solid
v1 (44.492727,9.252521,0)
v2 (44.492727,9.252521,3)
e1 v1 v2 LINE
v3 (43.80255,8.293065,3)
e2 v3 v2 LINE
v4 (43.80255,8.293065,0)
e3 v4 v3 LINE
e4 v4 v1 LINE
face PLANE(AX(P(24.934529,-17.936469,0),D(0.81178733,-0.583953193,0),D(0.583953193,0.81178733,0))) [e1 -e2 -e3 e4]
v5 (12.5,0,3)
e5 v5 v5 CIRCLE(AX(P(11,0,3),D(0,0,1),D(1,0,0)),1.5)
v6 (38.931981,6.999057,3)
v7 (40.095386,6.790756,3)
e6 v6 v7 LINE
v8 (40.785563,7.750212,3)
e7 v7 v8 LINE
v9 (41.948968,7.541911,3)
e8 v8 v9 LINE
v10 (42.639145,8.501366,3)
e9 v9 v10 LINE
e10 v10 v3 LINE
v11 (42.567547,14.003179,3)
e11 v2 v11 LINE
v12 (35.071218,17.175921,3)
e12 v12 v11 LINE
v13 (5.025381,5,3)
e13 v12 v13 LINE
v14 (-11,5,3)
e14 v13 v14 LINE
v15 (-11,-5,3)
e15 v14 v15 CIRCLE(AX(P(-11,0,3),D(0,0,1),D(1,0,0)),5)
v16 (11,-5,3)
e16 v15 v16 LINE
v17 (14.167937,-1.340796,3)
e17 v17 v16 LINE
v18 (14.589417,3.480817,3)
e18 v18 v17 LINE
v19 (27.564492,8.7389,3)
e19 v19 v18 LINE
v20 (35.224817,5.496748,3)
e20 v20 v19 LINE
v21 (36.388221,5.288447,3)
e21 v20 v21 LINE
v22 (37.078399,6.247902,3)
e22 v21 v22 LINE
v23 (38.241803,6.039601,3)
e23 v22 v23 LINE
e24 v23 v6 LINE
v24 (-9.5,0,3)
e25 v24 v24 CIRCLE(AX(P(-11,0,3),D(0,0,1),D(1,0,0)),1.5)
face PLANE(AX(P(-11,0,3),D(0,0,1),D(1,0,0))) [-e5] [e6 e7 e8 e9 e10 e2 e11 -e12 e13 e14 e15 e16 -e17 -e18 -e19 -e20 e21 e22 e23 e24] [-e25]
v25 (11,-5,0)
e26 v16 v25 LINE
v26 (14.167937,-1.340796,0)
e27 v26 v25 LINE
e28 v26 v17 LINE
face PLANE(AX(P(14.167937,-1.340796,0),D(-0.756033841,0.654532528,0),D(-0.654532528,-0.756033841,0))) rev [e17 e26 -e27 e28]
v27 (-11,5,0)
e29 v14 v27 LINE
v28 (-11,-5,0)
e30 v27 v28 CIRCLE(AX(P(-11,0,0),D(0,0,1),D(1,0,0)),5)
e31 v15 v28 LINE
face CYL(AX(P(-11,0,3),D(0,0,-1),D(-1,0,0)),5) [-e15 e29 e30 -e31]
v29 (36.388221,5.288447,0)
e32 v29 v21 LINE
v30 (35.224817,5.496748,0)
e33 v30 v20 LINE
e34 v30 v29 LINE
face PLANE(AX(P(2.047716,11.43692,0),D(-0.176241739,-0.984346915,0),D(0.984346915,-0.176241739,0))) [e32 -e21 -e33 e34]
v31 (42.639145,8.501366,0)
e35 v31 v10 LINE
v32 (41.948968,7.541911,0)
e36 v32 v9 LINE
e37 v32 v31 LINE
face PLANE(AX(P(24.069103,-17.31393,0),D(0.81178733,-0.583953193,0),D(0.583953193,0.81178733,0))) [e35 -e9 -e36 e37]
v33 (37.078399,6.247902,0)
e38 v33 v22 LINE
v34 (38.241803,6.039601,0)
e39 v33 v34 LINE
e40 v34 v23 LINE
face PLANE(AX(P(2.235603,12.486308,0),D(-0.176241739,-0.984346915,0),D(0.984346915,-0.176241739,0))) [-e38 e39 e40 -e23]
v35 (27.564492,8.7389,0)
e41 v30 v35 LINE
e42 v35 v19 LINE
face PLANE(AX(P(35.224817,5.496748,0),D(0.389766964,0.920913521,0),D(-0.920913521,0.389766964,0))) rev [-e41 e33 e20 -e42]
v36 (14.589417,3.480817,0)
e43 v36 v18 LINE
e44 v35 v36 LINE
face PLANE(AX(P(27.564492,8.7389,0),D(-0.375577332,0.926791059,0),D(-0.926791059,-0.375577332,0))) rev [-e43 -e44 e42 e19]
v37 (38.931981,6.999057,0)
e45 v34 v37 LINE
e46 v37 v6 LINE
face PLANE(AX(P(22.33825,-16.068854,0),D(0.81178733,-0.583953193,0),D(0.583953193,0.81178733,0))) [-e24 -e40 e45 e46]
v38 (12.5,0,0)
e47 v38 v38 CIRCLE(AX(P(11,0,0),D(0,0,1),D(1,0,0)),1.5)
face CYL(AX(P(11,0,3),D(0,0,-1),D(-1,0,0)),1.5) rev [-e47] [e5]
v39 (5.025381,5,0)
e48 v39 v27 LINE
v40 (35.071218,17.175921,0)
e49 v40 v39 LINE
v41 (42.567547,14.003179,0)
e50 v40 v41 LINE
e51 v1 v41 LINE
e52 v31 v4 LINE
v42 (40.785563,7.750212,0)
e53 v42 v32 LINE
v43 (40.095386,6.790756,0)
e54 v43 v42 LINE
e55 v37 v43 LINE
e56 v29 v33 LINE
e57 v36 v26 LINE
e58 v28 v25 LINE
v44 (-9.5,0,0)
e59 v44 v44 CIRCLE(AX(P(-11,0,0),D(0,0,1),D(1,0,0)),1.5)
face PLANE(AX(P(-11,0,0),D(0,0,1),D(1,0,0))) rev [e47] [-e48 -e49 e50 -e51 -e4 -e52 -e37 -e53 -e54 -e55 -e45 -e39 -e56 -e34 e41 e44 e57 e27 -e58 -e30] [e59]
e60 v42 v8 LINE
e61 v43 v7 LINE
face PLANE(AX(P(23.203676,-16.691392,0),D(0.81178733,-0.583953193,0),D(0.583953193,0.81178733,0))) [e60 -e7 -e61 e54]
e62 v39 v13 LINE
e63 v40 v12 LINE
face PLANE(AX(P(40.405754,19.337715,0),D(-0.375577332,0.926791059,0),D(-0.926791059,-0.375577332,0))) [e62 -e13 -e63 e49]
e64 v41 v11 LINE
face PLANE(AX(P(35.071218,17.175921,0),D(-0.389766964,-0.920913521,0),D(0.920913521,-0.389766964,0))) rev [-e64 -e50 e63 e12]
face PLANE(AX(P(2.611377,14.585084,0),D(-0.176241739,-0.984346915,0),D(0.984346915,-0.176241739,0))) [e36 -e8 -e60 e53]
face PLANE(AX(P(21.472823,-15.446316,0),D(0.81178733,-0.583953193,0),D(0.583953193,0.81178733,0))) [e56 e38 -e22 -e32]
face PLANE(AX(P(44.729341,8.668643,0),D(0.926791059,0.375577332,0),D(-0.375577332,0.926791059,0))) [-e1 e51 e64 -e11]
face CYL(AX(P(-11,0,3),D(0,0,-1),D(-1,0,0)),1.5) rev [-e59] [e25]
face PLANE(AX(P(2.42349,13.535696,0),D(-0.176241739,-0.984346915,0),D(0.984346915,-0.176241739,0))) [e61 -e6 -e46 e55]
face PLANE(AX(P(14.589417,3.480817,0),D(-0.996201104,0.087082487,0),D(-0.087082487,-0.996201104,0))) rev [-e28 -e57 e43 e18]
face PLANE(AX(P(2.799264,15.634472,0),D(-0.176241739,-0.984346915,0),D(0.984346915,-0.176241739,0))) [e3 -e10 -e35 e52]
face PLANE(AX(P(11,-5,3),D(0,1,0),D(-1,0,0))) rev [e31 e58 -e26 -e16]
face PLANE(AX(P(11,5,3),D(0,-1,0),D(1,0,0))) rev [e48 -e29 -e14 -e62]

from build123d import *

# Parameters (mm, degrees)
SKETCH2_R               = 1.5
BOSS_EXTRUDE1_DEPTH     = 3
BOSS_EXTRUDE2_DEPTH     = 3
CUT_EXTRUDE1_DEPTH      = 3
CUT_EXTRUDE2_DEPTH      = 1
CUT_EXTRUDE2_DEPTH_BACK = 4


with BuildPart() as part:
    # Sketch2 → Boss-Extrude1 (new body)
    with BuildSketch(Plane.XY):
        with BuildLine():
            Line((11, 5), (-11, 5))
            ThreePointArc((-11, 5), (-16, 0), (-11, -5))
            Line((-11, -5), (11, -5))
            ThreePointArc((11, -5), (16, 0), (11, 5))
        make_face()
        with Locations((-11, 0)):
            Circle(SKETCH2_R, mode=Mode.SUBTRACT)
        with Locations((11, 0)):
            Circle(SKETCH2_R, mode=Mode.SUBTRACT)
    extrude(amount=BOSS_EXTRUDE1_DEPTH)

    # Sketch3 → Boss-Extrude2 (add)
    with BuildSketch(Plane.XY.offset(3)):
        with BuildLine():
            Line((44.729340863, 8.668642725), (35.461430272, 4.9128694))
            Line((35.461430272, 4.9128694), (35.224816552, 5.496747767))
            Line((35.224816552, 5.496747767), (27.564491501, 8.738899793))
            Line((27.564491501, 8.738899793), (14.589416673, 3.480817138))
            ThreePointArc((14.589416673, 3.480817138), (12.94883482, 4.604567607), (11, 5))
            Line((11, 5), (5.025381266, 5))
            Line((5.025381266, 5), (40.405753968, 19.337714926))
            Line((40.405753968, 19.337714926), (44.729340863, 8.668642725))
        make_face()
    extrude(amount=-BOSS_EXTRUDE2_DEPTH)

    # Sketch5 → Cut-Extrude1 (cut)
    with BuildSketch(Plane.XY.offset(3)):
        Polygon((40.405753968, 19.337714926), (42.567547416, 14.003178826), (35.071217868, 17.175921479), align=None)
    extrude(amount=-CUT_EXTRUDE1_DEPTH, mode=Mode.SUBTRACT)

    # Sketch6 → Cut-Extrude2 (cut, two sides)
    with BuildSketch(Plane.XY.offset(3)) as cut_extrude2_sk:
        Polygon((40.785562907, 7.750211762), (40.095385567, 6.790756063), (41.948967686, 7.541910728), align=None)
        Polygon((38.931980789, 6.999057097), (38.241803449, 6.039601398), (40.095385567, 6.790756063), align=None)
        Polygon((37.078398671, 6.247902432), (36.388221331, 5.288446733), (38.241803449, 6.039601398), align=None)
        Polygon((36.388221331, 5.288446733), (35.224816552, 5.496747767), (35.461430272, 4.9128694), align=None)
        Polygon((42.639145025, 8.501366427), (41.948967686, 7.541910728), (43.802549804, 8.293065393), align=None)
        Polygon((44.492727144, 9.252521092), (43.802549804, 8.293065393), (44.729340863, 8.668642725), align=None)
        with BuildLine():
            ThreePointArc((11, -5), (15.604567607, -1.94883482), (14.589416673, 3.480817138))
            Line((14.589416673, 3.480817138), (14.167937437, -1.340796208))
            Line((14.167937437, -1.340796208), (11, -5))
        make_face()
    extrude(amount=CUT_EXTRUDE2_DEPTH, mode=Mode.SUBTRACT)
    extrude(cut_extrude2_sk.sketch, amount=-CUT_EXTRUDE2_DEPTH_BACK, mode=Mode.SUBTRACT)


solid = part.part
